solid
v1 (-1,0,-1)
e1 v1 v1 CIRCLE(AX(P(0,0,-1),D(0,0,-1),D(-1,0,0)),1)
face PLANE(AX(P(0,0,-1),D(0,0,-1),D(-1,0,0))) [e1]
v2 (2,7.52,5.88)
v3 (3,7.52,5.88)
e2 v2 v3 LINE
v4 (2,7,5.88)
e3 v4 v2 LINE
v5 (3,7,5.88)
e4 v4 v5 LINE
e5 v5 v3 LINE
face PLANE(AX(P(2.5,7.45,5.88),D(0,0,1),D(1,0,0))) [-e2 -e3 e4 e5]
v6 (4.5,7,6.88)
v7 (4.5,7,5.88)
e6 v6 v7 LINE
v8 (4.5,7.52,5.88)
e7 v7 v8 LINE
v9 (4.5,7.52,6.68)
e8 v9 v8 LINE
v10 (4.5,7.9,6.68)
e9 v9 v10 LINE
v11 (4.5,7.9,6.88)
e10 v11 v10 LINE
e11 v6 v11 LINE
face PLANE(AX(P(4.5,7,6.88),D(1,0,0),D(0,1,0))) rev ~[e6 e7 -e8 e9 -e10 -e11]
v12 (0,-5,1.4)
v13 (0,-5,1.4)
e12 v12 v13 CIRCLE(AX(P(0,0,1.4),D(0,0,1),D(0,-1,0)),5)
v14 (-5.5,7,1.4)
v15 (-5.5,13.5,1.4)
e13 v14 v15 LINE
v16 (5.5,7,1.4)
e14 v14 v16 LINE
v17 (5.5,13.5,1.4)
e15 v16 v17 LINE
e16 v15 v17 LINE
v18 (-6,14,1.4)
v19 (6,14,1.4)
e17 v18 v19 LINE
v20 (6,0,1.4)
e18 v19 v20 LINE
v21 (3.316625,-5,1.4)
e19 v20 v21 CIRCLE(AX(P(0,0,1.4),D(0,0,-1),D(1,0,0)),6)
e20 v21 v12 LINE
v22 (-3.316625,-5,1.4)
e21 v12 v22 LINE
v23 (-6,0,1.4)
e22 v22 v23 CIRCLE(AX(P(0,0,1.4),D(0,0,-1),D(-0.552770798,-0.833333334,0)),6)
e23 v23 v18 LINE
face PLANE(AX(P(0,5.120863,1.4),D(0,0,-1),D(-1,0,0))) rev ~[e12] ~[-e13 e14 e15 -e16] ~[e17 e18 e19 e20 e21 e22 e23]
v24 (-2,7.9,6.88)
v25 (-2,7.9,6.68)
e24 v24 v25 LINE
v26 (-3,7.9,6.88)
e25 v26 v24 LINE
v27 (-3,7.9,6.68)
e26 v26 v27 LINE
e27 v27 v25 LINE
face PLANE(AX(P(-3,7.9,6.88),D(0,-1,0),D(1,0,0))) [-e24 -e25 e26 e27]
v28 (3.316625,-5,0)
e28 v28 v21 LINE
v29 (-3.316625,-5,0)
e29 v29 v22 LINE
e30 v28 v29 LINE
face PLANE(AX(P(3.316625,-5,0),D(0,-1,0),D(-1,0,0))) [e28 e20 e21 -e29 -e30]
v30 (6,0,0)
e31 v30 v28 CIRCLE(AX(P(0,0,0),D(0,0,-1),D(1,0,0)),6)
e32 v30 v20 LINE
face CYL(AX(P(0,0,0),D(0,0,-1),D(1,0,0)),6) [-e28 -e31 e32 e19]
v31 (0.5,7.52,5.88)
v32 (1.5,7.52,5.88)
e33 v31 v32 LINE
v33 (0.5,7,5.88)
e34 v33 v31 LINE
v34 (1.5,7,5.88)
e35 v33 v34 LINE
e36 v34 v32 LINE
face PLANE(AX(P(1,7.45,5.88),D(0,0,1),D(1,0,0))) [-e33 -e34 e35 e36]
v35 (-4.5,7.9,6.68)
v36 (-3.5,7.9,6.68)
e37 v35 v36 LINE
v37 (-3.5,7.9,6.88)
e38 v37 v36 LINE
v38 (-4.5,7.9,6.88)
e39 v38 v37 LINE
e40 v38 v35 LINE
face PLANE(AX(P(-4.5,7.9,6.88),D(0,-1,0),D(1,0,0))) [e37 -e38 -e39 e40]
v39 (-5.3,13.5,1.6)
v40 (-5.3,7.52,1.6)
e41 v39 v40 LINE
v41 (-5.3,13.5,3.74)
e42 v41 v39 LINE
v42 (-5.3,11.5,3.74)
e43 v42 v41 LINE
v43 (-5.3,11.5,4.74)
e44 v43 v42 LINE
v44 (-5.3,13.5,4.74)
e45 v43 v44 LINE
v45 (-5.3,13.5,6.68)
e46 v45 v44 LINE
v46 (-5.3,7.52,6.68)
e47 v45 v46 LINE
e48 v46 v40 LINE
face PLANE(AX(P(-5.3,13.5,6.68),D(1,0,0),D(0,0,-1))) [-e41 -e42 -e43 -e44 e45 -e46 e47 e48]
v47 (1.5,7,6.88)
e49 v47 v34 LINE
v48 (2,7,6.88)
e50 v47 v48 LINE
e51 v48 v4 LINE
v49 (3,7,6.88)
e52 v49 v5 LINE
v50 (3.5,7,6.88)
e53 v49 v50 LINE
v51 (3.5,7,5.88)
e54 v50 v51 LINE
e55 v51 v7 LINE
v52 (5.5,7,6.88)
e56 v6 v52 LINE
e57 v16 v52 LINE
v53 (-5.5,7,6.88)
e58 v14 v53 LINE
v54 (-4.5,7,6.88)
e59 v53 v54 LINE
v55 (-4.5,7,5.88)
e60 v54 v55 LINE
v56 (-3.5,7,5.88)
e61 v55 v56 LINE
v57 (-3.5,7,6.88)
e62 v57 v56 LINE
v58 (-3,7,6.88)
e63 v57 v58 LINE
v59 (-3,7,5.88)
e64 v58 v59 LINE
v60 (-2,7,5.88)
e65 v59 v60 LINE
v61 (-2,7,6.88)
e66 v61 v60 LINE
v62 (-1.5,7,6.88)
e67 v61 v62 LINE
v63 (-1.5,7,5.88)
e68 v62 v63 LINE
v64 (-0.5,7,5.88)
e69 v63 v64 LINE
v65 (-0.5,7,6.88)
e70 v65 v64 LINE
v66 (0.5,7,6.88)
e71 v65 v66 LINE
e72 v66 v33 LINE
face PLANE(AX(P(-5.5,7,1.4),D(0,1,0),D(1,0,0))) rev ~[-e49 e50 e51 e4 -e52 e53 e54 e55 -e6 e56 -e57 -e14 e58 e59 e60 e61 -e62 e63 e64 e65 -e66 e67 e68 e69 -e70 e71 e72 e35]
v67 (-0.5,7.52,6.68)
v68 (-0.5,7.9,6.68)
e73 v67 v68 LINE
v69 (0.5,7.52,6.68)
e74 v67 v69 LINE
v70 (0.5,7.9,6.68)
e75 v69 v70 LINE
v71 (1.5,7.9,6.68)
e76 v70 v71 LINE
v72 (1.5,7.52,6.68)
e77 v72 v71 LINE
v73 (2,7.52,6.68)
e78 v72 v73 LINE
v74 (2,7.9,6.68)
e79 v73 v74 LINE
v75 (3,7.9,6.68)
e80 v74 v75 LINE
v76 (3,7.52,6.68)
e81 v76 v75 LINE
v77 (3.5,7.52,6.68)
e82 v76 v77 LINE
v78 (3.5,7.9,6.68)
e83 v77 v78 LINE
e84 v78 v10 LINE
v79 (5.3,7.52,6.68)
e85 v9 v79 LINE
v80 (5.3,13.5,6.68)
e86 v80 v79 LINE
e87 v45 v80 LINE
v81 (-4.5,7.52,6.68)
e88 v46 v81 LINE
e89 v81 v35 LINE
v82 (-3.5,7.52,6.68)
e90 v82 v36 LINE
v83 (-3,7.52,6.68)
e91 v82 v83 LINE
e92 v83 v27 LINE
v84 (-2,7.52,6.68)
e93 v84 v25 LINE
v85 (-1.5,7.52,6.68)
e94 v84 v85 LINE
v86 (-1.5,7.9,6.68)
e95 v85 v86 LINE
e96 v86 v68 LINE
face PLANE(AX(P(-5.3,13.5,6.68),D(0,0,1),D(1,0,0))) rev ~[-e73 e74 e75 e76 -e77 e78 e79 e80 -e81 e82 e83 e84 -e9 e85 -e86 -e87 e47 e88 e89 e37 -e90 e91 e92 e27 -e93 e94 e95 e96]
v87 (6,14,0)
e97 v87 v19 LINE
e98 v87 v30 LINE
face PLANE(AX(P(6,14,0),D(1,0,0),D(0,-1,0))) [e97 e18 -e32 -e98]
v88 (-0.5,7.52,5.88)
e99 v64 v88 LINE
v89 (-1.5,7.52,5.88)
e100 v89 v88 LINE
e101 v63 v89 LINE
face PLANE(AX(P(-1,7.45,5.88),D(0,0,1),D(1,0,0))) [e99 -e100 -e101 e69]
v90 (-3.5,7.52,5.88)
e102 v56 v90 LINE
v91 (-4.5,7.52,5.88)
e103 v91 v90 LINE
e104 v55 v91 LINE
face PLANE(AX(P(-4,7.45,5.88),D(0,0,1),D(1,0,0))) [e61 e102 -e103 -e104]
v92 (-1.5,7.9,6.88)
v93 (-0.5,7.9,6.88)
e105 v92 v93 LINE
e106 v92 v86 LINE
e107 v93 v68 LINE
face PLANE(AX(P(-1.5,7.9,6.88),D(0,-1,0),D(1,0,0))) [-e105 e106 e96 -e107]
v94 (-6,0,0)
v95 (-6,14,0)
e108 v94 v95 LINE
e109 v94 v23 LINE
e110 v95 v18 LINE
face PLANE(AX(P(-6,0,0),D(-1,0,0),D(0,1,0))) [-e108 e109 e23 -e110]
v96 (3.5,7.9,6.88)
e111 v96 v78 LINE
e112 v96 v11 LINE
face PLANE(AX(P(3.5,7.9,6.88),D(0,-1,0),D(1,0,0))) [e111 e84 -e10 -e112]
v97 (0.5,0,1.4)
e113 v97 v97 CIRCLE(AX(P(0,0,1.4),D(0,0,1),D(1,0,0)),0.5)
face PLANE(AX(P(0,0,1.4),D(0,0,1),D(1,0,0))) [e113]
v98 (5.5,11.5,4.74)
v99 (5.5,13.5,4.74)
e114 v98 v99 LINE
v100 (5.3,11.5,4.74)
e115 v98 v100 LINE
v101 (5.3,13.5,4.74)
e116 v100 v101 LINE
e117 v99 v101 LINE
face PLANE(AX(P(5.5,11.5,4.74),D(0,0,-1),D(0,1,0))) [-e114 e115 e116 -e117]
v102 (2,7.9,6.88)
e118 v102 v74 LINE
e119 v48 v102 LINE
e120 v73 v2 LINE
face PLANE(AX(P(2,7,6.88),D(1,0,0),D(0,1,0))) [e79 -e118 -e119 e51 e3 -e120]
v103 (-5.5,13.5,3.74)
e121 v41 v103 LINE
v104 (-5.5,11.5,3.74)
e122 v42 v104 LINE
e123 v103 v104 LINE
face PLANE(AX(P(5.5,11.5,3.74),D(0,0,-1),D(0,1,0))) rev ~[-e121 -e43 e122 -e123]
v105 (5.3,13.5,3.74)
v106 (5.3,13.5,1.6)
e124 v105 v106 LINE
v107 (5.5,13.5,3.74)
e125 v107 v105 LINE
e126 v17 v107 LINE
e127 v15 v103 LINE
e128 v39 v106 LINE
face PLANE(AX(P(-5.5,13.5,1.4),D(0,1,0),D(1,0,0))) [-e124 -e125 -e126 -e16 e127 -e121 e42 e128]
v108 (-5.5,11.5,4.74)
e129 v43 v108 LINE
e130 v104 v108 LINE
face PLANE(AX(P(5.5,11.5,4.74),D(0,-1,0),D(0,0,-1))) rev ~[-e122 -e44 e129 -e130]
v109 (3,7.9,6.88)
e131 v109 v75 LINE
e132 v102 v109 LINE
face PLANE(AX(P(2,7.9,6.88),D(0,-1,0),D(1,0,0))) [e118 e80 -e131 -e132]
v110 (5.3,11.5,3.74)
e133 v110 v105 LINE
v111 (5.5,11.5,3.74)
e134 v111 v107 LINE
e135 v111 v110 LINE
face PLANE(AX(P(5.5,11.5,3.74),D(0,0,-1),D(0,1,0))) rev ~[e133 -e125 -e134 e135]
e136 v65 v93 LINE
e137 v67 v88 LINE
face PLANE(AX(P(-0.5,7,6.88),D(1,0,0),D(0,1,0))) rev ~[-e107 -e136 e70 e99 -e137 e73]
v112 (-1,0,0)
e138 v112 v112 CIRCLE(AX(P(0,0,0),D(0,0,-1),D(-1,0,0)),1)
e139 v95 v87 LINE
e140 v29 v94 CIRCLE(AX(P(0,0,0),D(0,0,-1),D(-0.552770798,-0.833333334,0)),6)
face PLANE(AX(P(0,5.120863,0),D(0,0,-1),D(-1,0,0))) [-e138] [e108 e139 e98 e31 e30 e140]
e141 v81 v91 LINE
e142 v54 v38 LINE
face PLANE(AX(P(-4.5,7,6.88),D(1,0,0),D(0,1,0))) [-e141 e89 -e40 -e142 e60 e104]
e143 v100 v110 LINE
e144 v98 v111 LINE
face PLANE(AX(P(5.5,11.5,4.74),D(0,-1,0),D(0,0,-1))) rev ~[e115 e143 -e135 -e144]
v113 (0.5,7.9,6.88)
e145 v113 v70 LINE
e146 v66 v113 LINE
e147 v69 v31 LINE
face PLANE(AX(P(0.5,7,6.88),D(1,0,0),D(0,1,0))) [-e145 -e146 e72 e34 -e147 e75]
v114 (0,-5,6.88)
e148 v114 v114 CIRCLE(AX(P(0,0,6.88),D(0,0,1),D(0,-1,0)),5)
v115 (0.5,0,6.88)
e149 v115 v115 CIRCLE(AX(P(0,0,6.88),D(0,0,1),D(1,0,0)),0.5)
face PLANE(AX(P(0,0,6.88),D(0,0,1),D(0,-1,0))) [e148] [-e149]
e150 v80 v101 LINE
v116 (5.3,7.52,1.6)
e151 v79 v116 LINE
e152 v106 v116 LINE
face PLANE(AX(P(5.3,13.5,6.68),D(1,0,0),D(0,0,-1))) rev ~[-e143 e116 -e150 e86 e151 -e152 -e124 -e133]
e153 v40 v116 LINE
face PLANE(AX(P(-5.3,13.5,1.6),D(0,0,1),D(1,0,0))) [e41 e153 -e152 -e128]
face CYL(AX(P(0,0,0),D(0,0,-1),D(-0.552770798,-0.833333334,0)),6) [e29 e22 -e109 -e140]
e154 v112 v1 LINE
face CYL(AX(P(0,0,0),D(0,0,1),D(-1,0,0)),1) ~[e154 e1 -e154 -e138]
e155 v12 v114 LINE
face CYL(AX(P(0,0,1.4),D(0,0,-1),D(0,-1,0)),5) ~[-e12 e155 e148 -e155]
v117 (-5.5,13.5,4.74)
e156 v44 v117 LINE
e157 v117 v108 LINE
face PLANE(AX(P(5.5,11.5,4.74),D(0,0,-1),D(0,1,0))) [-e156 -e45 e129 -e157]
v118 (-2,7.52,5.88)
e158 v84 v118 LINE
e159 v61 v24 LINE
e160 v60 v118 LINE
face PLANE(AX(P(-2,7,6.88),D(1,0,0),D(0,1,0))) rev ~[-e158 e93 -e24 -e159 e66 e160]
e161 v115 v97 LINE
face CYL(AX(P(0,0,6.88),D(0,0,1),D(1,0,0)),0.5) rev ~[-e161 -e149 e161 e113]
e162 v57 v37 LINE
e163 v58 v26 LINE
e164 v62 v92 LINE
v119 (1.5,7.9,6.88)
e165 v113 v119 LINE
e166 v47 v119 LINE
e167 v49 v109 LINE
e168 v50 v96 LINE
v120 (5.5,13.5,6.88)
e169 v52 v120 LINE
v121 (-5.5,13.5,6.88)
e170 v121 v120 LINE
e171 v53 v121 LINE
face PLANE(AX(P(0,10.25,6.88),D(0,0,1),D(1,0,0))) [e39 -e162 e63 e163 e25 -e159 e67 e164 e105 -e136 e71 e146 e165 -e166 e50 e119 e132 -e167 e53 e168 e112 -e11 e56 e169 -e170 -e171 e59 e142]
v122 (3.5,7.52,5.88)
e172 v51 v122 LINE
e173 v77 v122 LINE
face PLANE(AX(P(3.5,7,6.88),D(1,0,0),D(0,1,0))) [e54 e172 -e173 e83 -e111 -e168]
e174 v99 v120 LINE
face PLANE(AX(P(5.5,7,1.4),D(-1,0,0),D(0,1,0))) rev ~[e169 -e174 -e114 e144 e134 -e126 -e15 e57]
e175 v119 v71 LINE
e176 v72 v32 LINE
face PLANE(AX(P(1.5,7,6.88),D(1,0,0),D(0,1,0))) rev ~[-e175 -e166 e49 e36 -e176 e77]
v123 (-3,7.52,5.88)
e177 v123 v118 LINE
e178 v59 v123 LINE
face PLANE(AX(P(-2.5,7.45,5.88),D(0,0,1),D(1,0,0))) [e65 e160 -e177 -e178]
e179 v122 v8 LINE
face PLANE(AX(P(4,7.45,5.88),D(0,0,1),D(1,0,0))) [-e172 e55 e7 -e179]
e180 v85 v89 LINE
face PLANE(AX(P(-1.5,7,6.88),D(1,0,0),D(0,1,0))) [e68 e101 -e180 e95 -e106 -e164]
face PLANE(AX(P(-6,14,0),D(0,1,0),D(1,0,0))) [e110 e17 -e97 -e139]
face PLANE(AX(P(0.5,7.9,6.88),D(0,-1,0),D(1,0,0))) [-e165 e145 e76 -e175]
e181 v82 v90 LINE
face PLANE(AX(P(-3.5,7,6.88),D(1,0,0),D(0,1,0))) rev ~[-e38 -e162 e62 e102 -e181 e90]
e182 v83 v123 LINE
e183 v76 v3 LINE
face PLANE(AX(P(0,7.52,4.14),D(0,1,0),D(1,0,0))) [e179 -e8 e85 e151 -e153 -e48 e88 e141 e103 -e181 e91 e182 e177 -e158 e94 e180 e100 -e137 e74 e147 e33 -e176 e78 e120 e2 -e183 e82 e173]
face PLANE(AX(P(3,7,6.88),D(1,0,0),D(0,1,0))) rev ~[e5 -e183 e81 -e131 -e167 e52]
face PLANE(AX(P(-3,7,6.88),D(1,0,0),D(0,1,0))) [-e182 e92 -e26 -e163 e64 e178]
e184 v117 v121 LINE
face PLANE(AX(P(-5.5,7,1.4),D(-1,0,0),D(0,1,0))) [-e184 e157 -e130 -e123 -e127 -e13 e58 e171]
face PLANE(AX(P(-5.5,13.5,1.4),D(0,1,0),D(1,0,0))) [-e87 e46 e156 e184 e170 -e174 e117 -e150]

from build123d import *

# Parameters (mm, degrees)
BOSS_EXTRUDE2_DEPTH = 1.4
SKETCH3_W           = 11
SKETCH3_H           = 6.5
BOSS_EXTRUDE4_DEPTH = 5.48
SKETCH4_W           = 10.6
SKETCH4_H           = 5.08
CUT_EXTRUDE1_DEPTH  = 5.98
SKETCH6_W           = 1
SKETCH6_H           = 2
CUT_EXTRUDE2_DEPTH  = 11.98
SKETCH7_W           = 1
SKETCH7_H           = 0.9
CUT_EXTRUDE3_DEPTH  = 1
SKETCH8_R           = 5
BOSS_EXTRUDE5_DEPTH = 5.48
SKETCH9_R           = 0.5
CUT_EXTRUDE4_DEPTH  = 5.48
SKETCH10_R          = 1
BOSS_EXTRUDE6_DEPTH = 1


with BuildPart() as part:
    # Sketch1 → Boss-Extrude2 (new body)
    with BuildSketch(Plane.XY):
        with BuildLine():
            Line((3.31662479, -5), (-3.31662479, -5))
            ThreePointArc((-3.31662479, -5), (-5.286764074, -2.837274331), (-6, 0))
            Line((-6, 0), (-6, 14))
            Line((-6, 14), (6, 14))
            Line((6, 14), (6, 0))
            ThreePointArc((6, 0), (5.286764074, -2.837274331), (3.31662479, -5))
        make_face()
    extrude(amount=BOSS_EXTRUDE2_DEPTH)

    # Sketch3 → Boss-Extrude4 (add)
    with BuildSketch(Plane.XY.offset(1.4)):
        with Locations((0, 10.25)):
            Rectangle(SKETCH3_W, SKETCH3_H)
    extrude(amount=BOSS_EXTRUDE4_DEPTH)

    # Sketch4 → Cut-Extrude1 (cut)
    with BuildSketch(Plane(origin=(0, 13.5, 0), x_dir=(1, 0, 0), z_dir=(0, 1, 0))):
        with Locations((0, -4.14)):
            Rectangle(SKETCH4_W, SKETCH4_H)
    extrude(amount=-CUT_EXTRUDE1_DEPTH, mode=Mode.SUBTRACT)

    # Sketch6 → Cut-Extrude2 (cut)
    with BuildSketch(Plane(origin=(5.5, 0, 0), x_dir=(0, 0, -1), z_dir=(1, 0, 0))):
        with Locations((-4.24, 12.5)):
            Rectangle(SKETCH6_W, SKETCH6_H)
    extrude(amount=-CUT_EXTRUDE2_DEPTH, mode=Mode.SUBTRACT)

    # Sketch7 → Cut-Extrude3 (cut)
    with BuildSketch(Plane.XY.offset(6.88)):
        with Locations((2.5, 7.45)):
            Rectangle(SKETCH7_W, SKETCH7_H)
        with Locations((1, 7.45)):
            Rectangle(SKETCH7_W, SKETCH7_H)
        with Locations((-1, 7.45)):
            Rectangle(SKETCH7_W, SKETCH7_H)
        with Locations((-2.5, 7.45)):
            Rectangle(SKETCH7_W, SKETCH7_H)
        with Locations((-4, 7.45)):
            Rectangle(SKETCH7_W, SKETCH7_H)
        with Locations((4, 7.45)):
            Rectangle(SKETCH7_W, SKETCH7_H)
    extrude(amount=-CUT_EXTRUDE3_DEPTH, mode=Mode.SUBTRACT)

    # Sketch8 → Boss-Extrude5 (add)
    with BuildSketch(Plane.XY.offset(1.4)):
        with Locations(Location((0, 0, 0), (0, 0, 270))):
            Circle(SKETCH8_R)
    extrude(amount=BOSS_EXTRUDE5_DEPTH)

    # Sketch9 → Cut-Extrude4 (cut)
    with BuildSketch(Plane.XY.offset(6.88)):
        Circle(SKETCH9_R)
    extrude(amount=-CUT_EXTRUDE4_DEPTH, mode=Mode.SUBTRACT)

    # Sketch10 → Boss-Extrude6 (add)
    with BuildSketch(Plane(origin=(0, 0, 0), x_dir=(-1, 0, 0), z_dir=(0, 0, -1))):
        Circle(SKETCH10_R)
    extrude(amount=BOSS_EXTRUDE6_DEPTH)


solid = part.part
